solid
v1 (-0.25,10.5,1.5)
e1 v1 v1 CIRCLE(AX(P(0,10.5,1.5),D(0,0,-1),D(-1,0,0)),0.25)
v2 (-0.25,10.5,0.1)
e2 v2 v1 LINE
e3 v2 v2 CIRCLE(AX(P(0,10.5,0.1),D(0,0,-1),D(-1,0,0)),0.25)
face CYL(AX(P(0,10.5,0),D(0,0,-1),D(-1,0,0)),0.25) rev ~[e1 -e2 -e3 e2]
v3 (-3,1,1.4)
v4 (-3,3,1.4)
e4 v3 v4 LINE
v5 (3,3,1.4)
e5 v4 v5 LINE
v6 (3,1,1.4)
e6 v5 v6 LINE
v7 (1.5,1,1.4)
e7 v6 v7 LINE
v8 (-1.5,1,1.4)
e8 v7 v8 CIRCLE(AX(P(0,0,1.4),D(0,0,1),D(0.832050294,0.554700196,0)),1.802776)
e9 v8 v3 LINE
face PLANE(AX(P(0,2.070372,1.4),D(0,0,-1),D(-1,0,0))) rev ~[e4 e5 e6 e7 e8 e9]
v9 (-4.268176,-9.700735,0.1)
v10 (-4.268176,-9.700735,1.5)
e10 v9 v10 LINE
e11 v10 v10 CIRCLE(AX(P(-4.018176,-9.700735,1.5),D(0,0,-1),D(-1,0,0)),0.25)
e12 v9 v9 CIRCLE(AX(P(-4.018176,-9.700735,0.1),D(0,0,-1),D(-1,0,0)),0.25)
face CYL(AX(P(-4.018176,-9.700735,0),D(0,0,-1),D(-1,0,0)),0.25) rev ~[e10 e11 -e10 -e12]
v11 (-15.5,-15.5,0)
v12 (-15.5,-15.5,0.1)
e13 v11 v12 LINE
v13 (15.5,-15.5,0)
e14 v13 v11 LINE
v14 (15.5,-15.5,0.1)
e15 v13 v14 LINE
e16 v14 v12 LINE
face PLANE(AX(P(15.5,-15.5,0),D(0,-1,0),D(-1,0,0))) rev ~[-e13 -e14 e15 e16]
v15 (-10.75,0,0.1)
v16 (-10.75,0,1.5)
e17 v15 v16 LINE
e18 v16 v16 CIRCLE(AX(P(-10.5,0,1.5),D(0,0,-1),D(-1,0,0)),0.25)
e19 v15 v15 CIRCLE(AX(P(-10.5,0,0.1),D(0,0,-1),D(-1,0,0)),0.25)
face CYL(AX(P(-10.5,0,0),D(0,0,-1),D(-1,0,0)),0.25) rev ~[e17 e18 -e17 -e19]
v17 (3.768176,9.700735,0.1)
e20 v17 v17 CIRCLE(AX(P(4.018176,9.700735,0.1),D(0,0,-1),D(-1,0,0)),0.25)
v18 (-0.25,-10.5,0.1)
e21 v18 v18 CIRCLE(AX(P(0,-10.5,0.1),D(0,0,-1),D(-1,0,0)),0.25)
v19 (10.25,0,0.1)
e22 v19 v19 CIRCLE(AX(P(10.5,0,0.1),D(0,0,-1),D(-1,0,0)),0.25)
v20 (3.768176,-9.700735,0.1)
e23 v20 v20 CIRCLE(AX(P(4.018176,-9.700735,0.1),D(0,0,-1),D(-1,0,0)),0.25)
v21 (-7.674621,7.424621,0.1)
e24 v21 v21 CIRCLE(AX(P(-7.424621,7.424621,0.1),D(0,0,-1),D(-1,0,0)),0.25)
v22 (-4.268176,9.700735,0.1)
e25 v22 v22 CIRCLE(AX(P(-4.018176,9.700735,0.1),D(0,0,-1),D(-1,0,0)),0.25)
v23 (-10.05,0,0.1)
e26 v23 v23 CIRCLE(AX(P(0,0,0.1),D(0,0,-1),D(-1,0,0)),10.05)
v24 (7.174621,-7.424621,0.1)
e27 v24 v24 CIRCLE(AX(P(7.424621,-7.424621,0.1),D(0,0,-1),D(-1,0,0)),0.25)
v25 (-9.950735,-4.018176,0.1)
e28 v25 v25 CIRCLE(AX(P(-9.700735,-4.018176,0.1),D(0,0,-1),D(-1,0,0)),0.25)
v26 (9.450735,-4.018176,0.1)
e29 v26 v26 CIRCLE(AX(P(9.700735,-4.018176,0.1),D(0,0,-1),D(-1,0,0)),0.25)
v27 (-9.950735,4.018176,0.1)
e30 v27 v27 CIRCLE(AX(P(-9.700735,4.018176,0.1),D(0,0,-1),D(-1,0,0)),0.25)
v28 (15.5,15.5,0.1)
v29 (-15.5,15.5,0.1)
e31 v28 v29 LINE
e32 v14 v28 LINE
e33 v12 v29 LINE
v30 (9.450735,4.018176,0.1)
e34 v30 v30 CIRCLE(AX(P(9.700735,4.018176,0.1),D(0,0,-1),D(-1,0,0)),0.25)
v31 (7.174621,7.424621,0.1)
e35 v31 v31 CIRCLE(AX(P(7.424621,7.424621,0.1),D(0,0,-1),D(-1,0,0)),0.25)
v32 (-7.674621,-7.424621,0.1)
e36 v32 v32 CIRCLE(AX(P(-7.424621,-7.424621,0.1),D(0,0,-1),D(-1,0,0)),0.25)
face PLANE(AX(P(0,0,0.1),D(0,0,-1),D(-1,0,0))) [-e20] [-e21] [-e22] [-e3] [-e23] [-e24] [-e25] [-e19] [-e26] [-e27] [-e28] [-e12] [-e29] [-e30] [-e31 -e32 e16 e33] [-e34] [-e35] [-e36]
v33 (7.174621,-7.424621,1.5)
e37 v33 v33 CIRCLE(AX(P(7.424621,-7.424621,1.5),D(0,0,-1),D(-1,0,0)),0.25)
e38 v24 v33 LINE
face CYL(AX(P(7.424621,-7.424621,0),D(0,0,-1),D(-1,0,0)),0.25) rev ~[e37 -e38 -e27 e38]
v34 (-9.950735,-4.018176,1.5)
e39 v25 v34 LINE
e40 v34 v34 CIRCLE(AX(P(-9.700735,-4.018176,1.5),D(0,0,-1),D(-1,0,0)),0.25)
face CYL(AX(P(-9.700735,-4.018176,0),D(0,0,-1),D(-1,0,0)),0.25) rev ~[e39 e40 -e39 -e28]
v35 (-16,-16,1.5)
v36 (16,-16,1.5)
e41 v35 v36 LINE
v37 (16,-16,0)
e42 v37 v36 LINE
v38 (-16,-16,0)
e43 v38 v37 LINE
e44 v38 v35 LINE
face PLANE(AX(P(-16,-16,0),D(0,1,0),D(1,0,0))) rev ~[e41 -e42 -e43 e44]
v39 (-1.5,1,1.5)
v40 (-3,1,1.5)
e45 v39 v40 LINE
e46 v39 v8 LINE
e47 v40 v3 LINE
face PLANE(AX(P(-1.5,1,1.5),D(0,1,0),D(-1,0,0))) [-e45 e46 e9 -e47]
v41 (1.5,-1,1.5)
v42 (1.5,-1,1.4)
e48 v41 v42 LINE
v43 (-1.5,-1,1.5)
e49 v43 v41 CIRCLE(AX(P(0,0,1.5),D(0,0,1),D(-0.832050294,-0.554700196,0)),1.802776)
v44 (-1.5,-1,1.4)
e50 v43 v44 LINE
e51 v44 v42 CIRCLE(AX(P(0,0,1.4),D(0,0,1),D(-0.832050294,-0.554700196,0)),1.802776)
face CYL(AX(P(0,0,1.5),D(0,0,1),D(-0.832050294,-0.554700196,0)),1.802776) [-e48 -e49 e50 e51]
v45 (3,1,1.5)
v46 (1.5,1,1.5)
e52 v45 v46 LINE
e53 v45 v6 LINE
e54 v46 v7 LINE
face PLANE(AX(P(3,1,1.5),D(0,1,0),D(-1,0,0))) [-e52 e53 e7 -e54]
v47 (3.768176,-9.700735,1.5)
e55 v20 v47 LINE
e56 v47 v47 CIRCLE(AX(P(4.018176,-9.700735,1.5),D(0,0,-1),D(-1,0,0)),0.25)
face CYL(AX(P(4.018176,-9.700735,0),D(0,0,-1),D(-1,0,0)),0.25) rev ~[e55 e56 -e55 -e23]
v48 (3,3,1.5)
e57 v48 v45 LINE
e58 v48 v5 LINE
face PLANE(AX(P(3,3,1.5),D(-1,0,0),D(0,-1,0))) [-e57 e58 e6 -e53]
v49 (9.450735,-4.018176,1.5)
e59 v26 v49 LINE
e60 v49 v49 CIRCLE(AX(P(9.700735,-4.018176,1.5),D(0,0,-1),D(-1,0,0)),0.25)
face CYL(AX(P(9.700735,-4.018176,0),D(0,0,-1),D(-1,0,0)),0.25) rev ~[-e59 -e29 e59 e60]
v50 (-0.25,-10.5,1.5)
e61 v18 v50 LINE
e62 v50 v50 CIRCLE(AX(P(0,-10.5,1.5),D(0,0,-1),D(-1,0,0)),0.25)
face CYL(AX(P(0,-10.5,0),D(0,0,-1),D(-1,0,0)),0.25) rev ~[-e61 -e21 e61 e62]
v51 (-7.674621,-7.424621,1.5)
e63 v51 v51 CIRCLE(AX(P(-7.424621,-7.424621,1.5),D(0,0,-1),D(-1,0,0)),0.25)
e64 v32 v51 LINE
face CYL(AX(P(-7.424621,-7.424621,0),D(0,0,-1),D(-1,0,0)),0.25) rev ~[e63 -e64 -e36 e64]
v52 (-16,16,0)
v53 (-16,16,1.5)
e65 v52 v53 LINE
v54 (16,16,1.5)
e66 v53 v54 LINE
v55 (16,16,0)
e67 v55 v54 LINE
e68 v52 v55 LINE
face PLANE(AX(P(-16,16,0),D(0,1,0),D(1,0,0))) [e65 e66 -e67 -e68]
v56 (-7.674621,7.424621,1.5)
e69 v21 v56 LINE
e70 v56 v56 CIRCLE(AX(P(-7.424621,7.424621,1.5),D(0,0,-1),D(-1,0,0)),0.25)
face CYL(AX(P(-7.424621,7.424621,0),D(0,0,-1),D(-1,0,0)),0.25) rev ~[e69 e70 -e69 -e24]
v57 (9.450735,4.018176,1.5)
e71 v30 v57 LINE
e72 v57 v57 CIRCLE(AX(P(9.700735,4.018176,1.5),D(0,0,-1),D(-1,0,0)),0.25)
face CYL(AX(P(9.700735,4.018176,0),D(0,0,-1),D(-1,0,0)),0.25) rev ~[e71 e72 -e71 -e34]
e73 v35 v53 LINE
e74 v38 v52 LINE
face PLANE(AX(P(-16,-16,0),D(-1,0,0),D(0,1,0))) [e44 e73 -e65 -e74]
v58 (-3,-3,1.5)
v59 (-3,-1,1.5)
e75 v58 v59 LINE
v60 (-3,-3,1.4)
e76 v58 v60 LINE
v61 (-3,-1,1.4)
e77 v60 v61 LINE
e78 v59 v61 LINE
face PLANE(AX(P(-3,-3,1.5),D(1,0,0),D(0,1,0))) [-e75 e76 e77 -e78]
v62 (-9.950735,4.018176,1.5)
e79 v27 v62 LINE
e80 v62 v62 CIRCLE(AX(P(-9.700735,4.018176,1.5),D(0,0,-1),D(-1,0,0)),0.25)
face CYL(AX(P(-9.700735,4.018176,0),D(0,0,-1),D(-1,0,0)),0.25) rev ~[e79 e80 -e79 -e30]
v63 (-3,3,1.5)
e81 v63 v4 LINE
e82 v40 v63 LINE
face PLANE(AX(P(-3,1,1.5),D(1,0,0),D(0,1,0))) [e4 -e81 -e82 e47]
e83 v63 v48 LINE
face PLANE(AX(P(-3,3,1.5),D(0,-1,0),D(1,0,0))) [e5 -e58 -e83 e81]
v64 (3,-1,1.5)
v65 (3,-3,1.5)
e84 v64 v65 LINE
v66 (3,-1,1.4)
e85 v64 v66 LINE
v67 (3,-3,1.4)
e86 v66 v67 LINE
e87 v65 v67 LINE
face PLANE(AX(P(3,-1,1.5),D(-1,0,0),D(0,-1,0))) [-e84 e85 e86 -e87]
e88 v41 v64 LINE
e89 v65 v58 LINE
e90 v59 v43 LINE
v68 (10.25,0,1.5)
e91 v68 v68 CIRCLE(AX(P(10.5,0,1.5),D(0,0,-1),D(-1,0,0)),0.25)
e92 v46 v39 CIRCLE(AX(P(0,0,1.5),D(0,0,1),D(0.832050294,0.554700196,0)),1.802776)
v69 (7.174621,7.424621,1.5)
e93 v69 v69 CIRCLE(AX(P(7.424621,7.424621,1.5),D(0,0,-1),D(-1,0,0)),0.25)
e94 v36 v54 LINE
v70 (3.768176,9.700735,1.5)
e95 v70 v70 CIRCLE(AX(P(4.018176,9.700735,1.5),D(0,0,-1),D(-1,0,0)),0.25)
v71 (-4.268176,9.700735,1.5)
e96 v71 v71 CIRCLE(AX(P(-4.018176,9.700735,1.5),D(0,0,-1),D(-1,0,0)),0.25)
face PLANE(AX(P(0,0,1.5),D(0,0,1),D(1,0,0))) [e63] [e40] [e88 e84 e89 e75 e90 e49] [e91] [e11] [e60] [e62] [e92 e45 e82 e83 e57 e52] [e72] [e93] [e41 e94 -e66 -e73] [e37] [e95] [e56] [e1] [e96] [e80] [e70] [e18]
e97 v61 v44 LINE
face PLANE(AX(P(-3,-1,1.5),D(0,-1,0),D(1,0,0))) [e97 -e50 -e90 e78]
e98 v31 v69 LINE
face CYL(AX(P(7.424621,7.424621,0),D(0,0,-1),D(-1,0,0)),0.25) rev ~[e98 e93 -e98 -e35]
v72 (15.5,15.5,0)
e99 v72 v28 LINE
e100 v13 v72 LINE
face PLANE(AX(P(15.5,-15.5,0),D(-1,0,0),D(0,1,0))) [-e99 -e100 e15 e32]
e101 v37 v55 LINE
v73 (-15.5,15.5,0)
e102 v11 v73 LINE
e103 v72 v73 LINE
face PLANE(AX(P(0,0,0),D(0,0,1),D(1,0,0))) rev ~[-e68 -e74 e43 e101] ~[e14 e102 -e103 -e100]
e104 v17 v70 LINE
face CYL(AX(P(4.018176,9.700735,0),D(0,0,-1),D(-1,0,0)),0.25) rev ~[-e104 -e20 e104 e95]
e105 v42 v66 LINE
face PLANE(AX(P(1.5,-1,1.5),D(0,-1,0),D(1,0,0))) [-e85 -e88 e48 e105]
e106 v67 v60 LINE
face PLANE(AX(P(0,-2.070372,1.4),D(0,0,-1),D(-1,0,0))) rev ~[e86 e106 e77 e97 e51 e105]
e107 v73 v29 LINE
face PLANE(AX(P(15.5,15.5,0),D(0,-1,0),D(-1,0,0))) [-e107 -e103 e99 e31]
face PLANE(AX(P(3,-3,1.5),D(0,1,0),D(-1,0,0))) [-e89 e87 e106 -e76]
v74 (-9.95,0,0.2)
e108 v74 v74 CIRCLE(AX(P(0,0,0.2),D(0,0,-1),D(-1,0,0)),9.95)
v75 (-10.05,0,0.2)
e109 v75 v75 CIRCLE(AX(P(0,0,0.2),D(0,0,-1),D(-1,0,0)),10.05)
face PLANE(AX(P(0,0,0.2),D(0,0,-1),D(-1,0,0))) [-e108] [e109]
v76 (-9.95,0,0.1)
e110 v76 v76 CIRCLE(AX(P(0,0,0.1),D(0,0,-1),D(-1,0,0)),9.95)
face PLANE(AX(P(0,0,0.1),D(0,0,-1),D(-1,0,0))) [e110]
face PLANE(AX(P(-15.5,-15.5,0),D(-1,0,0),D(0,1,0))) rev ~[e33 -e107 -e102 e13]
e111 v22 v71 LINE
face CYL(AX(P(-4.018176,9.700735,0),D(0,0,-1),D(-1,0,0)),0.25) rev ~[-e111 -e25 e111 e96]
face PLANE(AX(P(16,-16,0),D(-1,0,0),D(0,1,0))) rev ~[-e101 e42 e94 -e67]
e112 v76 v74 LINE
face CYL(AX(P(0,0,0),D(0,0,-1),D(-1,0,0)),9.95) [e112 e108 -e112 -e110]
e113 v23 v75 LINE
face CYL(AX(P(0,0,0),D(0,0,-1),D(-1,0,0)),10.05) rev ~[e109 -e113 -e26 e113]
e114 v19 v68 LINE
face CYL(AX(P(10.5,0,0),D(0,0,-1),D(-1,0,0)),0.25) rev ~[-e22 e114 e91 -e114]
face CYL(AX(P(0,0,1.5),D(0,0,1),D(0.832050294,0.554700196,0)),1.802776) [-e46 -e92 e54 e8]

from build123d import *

# Parameters (mm, degrees)
ESQUISSE1_W             = 32
ESQUISSE1_H             = 32
BOSS_EXTRU_1_DEPTH      = 1.5
ESQUISSE2_R             = 10.05
ESQUISSE2_R_2           = 9.95
ENL_V_MAT_EXTRU_1_DEPTH = 0.2
ESQUISSE3_R             = 0.25
ENL_V_MAT_EXTRU_2_DEPTH = 2.5
ESQUISSE4_W             = 31
ESQUISSE4_H             = 31
ENL_V_MAT_EXTRU_3_DEPTH = 0.1
ENL_V_MAT_EXTRU_4_DEPTH = 0.1


with BuildPart() as part:
    # Esquisse1 → Boss.-Extru.1 (new body)
    with BuildSketch(Plane.XY):
        Rectangle(ESQUISSE1_W, ESQUISSE1_H)
    extrude(amount=BOSS_EXTRU_1_DEPTH)

    # Esquisse2 → Enlèv. mat.-Extru.1 (cut)
    with BuildSketch(Plane(origin=(0, 0, 0), x_dir=(-1, 0, 0), z_dir=(0, 0, -1))):
        Circle(ESQUISSE2_R)
        Circle(ESQUISSE2_R_2, mode=Mode.SUBTRACT)
    extrude(amount=-ENL_V_MAT_EXTRU_1_DEPTH, mode=Mode.SUBTRACT)

    # Esquisse3 → Enlèv. mat.-Extru.2 (cut, through all)
    with BuildSketch(Plane(origin=(0, 0, 0), x_dir=(-1, 0, 0), z_dir=(0, 0, -1))):
        with Locations((0, 10.5)):
            Circle(ESQUISSE3_R)
        with Locations((4.01817604, 9.700735091)):
            Circle(ESQUISSE3_R)
        with Locations((7.424621202, 7.424621202)):
            Circle(ESQUISSE3_R)
        with Locations((9.700735091, 4.01817604)):
            Circle(ESQUISSE3_R)
        with Locations((10.5, 0)):
            Circle(ESQUISSE3_R)
        with Locations((9.700735091, -4.01817604)):
            Circle(ESQUISSE3_R)
        with Locations((7.424621202, -7.424621202)):
            Circle(ESQUISSE3_R)
        with Locations((4.01817604, -9.700735091)):
            Circle(ESQUISSE3_R)
        with Locations((0, -10.5)):
            Circle(ESQUISSE3_R)
        with Locations((-4.01817604, -9.700735091)):
            Circle(ESQUISSE3_R)
        with Locations((-7.424621202, -7.424621202)):
            Circle(ESQUISSE3_R)
        with Locations((-9.700735091, -4.01817604)):
            Circle(ESQUISSE3_R)
        with Locations((-10.5, 0)):
            Circle(ESQUISSE3_R)
        with Locations((-9.700735091, 4.01817604)):
            Circle(ESQUISSE3_R)
        with Locations((-7.424621202, 7.424621202)):
            Circle(ESQUISSE3_R)
        with Locations((-4.01817604, 9.700735091)):
            Circle(ESQUISSE3_R)
    extrude(amount=-ENL_V_MAT_EXTRU_2_DEPTH, mode=Mode.SUBTRACT)

    # Esquisse4 → Enlèv. mat.-Extru.3 (cut)
    with BuildSketch(Plane(origin=(0, 0, 0), x_dir=(-1, 0, 0), z_dir=(0, 0, -1))):
        Rectangle(ESQUISSE4_W, ESQUISSE4_H)
    extrude(amount=-ENL_V_MAT_EXTRU_3_DEPTH, mode=Mode.SUBTRACT)

    # Esquisse5 → Enlèv. mat.-Extru.4 (cut)
    with BuildSketch(Plane.XY.offset(1.5)):
        with BuildLine():
            Line((-3, 3), (3, 3))
            Line((3, 3), (3, 1))
            Line((3, 1), (1.5, 1))
            ThreePointArc((1.5, 1), (0, 1.802775638), (-1.5, 1))
            Line((-1.5, 1), (-3, 1))
            Line((-3, 1), (-3, 3))
        make_face()
        with BuildLine():
            Line((-3, -3), (-3, -1))
            Line((-3, -1), (-1.5, -1))
            ThreePointArc((-1.5, -1), (0, -1.802775638), (1.5, -1))
            Line((1.5, -1), (3, -1))
            Line((3, -1), (3, -3))
            Line((3, -3), (-3, -3))
        make_face()
    extrude(amount=-ENL_V_MAT_EXTRU_4_DEPTH, mode=Mode.SUBTRACT)


solid = part.part
